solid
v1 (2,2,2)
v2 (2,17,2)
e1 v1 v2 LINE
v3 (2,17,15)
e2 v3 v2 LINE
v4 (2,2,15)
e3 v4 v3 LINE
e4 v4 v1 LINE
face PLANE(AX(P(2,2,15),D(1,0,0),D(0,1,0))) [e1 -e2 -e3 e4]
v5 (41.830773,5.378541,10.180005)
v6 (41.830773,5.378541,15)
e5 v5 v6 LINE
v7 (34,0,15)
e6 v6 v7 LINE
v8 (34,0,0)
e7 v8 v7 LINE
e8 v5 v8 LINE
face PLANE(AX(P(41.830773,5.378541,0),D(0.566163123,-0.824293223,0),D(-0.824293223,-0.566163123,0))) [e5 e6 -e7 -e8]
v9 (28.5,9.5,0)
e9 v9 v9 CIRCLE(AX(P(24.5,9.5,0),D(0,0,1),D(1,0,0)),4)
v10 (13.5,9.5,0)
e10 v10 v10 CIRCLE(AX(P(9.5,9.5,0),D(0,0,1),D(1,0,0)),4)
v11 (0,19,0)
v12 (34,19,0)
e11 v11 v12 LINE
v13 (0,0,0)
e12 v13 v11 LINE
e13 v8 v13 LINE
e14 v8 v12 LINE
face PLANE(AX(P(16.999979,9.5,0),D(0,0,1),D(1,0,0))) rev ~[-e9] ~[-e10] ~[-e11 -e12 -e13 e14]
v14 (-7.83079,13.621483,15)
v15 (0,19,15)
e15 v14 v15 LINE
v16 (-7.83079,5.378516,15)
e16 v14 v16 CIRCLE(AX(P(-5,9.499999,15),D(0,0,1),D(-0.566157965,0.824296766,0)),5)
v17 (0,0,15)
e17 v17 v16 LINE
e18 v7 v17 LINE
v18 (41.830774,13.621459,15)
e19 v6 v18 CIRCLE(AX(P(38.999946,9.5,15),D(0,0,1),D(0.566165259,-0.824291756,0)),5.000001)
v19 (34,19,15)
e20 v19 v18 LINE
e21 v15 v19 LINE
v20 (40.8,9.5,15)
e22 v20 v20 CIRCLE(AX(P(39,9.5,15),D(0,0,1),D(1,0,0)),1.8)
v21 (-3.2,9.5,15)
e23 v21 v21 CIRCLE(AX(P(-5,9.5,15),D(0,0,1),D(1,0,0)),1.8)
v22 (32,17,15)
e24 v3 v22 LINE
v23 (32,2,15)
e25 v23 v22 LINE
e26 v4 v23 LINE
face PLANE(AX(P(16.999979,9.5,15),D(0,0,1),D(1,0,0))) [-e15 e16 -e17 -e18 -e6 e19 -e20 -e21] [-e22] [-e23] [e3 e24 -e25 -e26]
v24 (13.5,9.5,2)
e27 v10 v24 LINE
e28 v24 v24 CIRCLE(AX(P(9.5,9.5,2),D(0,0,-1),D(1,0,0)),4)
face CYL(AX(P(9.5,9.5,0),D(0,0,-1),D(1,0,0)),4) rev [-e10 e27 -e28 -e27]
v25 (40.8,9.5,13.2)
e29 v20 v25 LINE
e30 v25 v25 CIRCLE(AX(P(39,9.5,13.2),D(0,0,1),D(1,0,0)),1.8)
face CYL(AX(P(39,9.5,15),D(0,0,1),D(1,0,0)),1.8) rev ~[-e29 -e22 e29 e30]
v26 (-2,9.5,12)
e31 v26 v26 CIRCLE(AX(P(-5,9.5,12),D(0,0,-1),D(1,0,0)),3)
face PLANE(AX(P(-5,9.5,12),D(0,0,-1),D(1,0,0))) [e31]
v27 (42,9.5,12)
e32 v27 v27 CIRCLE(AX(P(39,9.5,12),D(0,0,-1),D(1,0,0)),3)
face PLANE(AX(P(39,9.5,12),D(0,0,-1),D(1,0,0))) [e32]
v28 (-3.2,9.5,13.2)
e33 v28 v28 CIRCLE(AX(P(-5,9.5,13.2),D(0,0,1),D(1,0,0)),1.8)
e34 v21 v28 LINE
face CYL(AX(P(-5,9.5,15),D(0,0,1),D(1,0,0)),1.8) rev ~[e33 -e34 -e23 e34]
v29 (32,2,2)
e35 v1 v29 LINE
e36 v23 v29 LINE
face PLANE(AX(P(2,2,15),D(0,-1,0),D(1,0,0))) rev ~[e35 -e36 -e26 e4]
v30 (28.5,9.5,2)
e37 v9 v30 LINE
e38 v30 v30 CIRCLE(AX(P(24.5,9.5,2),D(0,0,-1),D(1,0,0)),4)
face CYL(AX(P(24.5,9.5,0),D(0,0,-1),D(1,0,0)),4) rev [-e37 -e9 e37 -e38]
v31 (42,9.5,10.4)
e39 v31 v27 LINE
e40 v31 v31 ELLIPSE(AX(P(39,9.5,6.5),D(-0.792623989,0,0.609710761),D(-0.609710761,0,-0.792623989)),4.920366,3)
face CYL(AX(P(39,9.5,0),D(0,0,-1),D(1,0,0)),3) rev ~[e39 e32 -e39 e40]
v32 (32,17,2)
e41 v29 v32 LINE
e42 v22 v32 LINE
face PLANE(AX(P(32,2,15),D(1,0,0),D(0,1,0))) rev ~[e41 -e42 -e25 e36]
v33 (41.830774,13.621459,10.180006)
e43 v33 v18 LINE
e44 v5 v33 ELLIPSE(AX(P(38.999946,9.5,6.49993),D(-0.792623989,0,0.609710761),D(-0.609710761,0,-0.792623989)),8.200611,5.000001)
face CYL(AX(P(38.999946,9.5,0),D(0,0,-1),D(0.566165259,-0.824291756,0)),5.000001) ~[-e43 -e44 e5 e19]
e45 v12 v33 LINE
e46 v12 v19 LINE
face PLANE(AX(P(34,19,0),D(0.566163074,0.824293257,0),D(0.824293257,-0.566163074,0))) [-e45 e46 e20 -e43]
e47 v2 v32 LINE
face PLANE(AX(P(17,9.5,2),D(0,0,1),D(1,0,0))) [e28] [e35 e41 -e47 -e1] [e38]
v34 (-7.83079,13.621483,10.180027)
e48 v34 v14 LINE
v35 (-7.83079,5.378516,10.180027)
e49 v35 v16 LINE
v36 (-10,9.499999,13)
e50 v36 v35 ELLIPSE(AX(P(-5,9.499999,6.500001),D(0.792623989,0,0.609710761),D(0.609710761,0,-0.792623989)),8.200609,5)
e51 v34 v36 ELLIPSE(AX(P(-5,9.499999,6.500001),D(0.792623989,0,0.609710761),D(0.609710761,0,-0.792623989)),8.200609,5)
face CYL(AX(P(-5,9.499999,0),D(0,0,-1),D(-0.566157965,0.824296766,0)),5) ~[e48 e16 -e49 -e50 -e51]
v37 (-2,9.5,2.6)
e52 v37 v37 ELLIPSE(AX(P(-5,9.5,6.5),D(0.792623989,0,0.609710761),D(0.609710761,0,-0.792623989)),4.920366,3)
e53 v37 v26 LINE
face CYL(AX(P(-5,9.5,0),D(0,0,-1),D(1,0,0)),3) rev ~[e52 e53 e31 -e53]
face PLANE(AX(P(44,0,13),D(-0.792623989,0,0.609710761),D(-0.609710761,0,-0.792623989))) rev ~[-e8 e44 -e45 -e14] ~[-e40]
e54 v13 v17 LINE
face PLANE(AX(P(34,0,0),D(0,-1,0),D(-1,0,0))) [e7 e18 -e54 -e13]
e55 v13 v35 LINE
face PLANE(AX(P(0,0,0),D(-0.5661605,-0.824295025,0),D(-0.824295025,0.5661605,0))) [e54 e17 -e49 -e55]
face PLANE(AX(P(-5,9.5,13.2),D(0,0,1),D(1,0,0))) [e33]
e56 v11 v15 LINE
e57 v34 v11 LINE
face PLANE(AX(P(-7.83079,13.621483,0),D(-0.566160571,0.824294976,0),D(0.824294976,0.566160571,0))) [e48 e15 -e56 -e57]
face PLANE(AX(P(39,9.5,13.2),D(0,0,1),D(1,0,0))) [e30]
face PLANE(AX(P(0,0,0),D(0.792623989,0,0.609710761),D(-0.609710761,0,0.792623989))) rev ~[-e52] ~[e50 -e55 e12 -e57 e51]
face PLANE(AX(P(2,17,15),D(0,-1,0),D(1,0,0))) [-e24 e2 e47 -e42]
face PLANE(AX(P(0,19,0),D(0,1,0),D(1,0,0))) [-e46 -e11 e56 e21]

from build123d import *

# Parameters (mm, degrees)
SKETCH_R        = 4
PAD_DEPTH       = 15
SKETCH001_R     = 3
POCKET_DEPTH    = 12
SKETCH002_R     = 1.8
POCKET001_DEPTH = 1.8
SKETCH003_W     = 30
SKETCH003_H     = 15
POCKET002_DEPTH = 13
POCKET004_DEPTH = 19


with BuildPart() as part:
    # Sketch → Pad (new body)
    with BuildSketch(Plane.XY):
        with BuildLine():
            ThreePointArc((-7.83079, 13.621483), (-10, 9.5), (-7.83079, 5.378516))
            Line((0, 0), (-7.83079, 5.378516))
            Line((34, 0), (0, 0))
            Line((41.830773, 5.378541), (34, 0))
            ThreePointArc((41.830773, 5.378541), (43.999947, 9.5), (41.830774, 13.621459))
            Line((34, 19), (41.830774, 13.621459))
            Line((0, 19), (34, 19))
            Line((-7.83079, 13.621483), (0, 19))
        make_face()
        with Locations((9.5, 9.5)):
            Circle(SKETCH_R, mode=Mode.SUBTRACT)
        with Locations((24.5, 9.5)):
            Circle(SKETCH_R, mode=Mode.SUBTRACT)
    extrude(amount=PAD_DEPTH)

    # Sketch001 → Pocket (cut)
    with BuildSketch(Plane(origin=(0, 0, 0), x_dir=(1, 0, 0), z_dir=(0, 0, -1))):
        with Locations((-5, -9.5)):
            Circle(SKETCH001_R)
        with Locations((39, -9.5)):
            Circle(SKETCH001_R)
    extrude(amount=-POCKET_DEPTH, mode=Mode.SUBTRACT)

    # Sketch002 → Pocket001 (cut)
    with BuildSketch(Plane.XY.offset(15)):
        with Locations((-5, 9.5)):
            Circle(SKETCH002_R)
        with Locations((39, 9.5)):
            Circle(SKETCH002_R)
    extrude(amount=-POCKET001_DEPTH, mode=Mode.SUBTRACT)

    # Sketch003 → Pocket002 (cut)
    with BuildSketch(Plane.XY.offset(15)):
        with Locations((17, 9.5)):
            Rectangle(SKETCH003_W, SKETCH003_H)
    extrude(amount=-POCKET002_DEPTH, mode=Mode.SUBTRACT)

    # Sketch004 → Pocket004 (cut)
    with BuildSketch(Plane.XZ):
        Polygon((-11, 13), (-11, -2), (45, -2), (45, 13), (44, 13), (34, 0), (0, 0), (-10, 13), align=None)
    extrude(amount=-POCKET004_DEPTH, mode=Mode.SUBTRACT)


solid = part.part
